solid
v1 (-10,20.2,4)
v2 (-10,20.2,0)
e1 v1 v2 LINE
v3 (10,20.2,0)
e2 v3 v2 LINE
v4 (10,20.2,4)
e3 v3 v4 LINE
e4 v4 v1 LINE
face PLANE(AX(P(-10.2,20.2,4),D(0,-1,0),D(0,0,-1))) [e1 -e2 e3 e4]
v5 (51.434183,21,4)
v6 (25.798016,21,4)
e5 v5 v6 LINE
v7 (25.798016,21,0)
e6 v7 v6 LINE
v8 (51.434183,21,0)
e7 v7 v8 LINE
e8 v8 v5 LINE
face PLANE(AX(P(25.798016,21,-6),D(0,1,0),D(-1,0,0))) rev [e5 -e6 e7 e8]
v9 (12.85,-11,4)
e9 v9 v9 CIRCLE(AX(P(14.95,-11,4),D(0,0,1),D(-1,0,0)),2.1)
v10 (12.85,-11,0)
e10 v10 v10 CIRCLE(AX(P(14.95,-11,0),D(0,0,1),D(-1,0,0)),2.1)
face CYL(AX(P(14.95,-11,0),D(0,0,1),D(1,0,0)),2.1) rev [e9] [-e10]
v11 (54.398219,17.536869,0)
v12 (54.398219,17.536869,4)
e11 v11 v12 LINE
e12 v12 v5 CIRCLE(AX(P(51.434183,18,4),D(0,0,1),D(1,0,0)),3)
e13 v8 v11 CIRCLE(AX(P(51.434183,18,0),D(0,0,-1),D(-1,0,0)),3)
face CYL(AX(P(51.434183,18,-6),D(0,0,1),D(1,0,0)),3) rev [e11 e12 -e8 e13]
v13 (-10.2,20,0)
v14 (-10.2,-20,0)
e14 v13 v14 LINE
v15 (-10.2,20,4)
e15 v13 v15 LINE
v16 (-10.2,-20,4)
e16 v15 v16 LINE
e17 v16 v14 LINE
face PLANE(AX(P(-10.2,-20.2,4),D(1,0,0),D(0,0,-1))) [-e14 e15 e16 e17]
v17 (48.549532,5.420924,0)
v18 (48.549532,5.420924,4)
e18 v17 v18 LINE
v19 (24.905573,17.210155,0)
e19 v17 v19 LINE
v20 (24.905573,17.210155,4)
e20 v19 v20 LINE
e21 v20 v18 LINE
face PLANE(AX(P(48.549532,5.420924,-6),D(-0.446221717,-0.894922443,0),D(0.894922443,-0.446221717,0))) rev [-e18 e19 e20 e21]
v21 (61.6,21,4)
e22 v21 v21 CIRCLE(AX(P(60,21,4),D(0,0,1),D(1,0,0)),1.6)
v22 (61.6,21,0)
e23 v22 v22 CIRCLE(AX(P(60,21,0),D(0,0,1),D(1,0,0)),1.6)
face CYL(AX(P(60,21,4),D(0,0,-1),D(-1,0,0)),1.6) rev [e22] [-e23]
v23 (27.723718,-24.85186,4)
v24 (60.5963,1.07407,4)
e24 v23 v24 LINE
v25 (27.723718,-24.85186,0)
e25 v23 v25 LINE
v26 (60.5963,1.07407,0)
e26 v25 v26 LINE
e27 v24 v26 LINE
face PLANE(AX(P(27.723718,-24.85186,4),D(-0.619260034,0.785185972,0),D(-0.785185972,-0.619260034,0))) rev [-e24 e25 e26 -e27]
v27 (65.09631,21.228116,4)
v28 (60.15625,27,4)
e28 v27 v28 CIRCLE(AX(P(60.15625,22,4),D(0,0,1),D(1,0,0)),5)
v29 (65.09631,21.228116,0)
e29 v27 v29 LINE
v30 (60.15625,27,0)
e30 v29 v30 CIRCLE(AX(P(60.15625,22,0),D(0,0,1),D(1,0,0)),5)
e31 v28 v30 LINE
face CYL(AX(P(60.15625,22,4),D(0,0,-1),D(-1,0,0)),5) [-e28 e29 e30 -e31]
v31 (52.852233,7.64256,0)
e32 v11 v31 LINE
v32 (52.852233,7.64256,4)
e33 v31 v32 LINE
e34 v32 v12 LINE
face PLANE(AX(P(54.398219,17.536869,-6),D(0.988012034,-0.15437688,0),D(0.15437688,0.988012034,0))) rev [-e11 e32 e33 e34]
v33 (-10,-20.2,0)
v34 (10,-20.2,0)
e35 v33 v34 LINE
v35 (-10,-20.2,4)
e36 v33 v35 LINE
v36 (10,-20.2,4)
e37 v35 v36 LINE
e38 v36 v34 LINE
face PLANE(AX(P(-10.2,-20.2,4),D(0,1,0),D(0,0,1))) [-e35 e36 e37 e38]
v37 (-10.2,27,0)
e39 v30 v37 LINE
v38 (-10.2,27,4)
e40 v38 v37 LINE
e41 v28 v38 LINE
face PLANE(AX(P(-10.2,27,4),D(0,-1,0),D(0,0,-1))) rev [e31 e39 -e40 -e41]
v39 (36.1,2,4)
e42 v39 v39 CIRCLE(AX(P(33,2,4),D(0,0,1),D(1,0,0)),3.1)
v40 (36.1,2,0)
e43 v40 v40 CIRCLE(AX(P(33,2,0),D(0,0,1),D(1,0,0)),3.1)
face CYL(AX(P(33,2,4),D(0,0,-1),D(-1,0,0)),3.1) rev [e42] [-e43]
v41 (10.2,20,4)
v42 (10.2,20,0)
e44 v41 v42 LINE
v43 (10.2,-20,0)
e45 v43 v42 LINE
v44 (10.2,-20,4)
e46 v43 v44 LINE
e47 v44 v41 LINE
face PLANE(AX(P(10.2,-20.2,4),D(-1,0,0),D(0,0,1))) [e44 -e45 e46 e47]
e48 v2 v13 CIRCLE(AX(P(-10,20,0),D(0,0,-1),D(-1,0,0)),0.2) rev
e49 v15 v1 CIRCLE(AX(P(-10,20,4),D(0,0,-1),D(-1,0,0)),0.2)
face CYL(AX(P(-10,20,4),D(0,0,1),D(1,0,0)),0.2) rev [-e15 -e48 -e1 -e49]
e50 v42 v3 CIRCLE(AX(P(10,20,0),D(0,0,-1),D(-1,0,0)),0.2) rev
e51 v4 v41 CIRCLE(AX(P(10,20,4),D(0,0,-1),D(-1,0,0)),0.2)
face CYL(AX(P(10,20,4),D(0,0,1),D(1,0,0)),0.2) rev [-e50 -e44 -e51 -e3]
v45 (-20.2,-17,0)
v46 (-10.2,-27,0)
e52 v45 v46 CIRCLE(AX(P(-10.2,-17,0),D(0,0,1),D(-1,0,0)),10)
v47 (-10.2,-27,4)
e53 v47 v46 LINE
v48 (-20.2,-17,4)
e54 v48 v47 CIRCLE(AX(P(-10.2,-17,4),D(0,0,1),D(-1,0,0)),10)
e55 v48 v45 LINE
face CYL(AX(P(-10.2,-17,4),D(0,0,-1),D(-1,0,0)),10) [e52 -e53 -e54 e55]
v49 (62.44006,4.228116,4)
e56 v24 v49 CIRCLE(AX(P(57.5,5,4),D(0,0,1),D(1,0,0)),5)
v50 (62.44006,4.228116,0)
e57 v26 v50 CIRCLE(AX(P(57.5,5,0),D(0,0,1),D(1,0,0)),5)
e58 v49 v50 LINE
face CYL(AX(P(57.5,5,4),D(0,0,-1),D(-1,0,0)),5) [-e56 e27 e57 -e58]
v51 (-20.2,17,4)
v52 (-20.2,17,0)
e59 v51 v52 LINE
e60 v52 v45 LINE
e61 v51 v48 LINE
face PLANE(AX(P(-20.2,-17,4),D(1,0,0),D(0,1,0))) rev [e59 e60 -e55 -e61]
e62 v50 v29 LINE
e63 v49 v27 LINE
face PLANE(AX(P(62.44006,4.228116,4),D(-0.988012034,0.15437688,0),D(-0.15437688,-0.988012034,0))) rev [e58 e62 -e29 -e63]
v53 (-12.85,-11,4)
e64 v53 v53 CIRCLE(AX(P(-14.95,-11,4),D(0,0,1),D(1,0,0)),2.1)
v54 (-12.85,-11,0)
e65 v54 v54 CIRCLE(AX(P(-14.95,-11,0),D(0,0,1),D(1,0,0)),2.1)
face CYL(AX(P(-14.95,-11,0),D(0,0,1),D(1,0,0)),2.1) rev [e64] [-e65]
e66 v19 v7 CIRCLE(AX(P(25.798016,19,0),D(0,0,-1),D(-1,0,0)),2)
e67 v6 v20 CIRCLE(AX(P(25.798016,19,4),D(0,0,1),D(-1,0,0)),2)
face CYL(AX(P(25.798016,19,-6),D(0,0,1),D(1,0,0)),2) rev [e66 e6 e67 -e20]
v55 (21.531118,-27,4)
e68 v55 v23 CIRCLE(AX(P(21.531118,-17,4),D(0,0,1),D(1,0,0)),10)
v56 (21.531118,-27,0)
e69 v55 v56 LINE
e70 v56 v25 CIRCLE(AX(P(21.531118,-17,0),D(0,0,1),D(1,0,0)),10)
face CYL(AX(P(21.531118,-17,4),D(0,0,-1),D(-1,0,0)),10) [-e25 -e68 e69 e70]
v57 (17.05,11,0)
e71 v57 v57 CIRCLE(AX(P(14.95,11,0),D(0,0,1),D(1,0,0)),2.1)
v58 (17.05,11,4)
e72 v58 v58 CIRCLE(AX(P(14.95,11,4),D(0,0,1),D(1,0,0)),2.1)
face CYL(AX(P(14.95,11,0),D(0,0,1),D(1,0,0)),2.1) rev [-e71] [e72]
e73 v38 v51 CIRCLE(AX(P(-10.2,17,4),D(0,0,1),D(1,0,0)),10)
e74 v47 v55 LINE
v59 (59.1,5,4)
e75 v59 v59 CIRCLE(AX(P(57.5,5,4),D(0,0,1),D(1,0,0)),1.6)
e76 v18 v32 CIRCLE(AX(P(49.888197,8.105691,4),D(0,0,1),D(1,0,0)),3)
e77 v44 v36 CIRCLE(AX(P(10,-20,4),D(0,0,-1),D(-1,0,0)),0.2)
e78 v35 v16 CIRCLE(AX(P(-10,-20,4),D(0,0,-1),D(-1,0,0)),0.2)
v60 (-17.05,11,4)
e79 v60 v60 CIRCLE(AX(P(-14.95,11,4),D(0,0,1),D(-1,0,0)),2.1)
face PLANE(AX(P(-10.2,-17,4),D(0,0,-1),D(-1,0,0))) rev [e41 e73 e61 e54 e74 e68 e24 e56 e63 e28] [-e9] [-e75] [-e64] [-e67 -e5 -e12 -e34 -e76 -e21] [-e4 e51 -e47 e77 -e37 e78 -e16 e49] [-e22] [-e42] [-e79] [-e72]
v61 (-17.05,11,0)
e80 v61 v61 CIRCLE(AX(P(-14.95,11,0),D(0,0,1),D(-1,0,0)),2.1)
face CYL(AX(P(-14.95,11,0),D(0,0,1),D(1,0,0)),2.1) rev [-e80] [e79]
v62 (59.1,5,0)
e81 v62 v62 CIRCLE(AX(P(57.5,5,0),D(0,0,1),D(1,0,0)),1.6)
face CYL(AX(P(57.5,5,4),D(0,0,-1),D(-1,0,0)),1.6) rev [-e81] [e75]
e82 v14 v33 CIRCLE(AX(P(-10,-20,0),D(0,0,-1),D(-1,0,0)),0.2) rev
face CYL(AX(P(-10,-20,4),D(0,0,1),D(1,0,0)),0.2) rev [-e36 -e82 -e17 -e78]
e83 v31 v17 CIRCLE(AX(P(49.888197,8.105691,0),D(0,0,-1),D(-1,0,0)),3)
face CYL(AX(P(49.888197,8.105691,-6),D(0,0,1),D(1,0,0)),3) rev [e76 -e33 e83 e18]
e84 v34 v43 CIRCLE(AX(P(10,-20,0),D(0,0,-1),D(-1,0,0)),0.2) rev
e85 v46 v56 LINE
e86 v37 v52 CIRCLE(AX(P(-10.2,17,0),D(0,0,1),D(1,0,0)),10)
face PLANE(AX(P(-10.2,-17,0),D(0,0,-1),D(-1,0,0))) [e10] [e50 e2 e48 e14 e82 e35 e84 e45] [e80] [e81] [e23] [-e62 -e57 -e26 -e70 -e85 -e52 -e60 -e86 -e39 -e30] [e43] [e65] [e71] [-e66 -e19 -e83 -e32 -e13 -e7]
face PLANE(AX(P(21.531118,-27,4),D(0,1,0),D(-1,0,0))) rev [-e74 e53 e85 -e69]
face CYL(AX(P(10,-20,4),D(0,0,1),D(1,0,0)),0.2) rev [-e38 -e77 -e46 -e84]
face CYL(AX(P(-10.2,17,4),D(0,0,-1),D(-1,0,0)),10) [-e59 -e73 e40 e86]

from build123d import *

# Parameters (mm, degrees)
SKETCH_1_R          = 3.1
SKETCH_1_R_2        = 1.6
SKETCH_1_W          = 20.4
SKETCH_1_H          = 40.4
EXTRUDE_1_DEPTH     = 4
FILLET_1_R          = 0.2
SKETCH_2_R          = 2.1
CUT_EXTRUDE_1_DEPTH = 4
CUT_EXTRUDE_2_DEPTH = 10


with BuildPart() as part:
    # 草图1 → 凸台-拉伸1 (new body)
    with BuildSketch(Plane.XY):
        with BuildLine():
            Line((-10.2, 27), (60.15625, 27))
            ThreePointArc((60.15625, 27), (63.954895943, 25.251198086), (65.096310169, 21.228115599))
            Line((65.096310169, 21.228115599), (62.440060169, 4.228115599))
            ThreePointArc((62.440060169, 4.228115599), (61.816569536, 2.476663431), (60.596300169, 1.074070141))
            Line((60.596300169, 1.074070141), (27.72371786, -24.851859719))
            ThreePointArc((27.72371786, -24.851859719), (24.808418455, -26.447713935), (21.531117522, -27))
            Line((21.531117522, -27), (-10.2, -27))
            ThreePointArc((-10.2, -27), (-17.271067812, -24.071067812), (-20.2, -17))
            Line((-20.2, -17), (-20.2, 17))
            ThreePointArc((-20.2, 17), (-17.271067812, 24.071067812), (-10.2, 27))
        make_face()
        with Locations((33, 2)):
            Circle(SKETCH_1_R, mode=Mode.SUBTRACT)
        with Locations((60, 21)):
            Circle(SKETCH_1_R_2, mode=Mode.SUBTRACT)
        with Locations((57.5, 5)):
            Circle(SKETCH_1_R_2, mode=Mode.SUBTRACT)
        Rectangle(SKETCH_1_W, SKETCH_1_H, mode=Mode.SUBTRACT)
    extrude(amount=EXTRUDE_1_DEPTH)

    # 圆角1
    fillet_1_edges = [part.edges().sort_by_distance(p)[0] for p in [
        (-10.2, 20.2, 2),
        (-10.2, -20.2, 2),
        (10.2, -20.2, 2),
        (10.2, 20.2, 2),
    ]]
    fillet(fillet_1_edges, radius=FILLET_1_R)

    # 草图2 → 切除-拉伸1 (cut)
    with BuildSketch(Plane.XY.offset(4)):
        with Locations((14.95, 11)):
            Circle(SKETCH_2_R)
        with Locations(Location((14.95, -11, 0), (0, 0, 180))):
            Circle(SKETCH_2_R)
        with Locations((-14.95, -11)):
            Circle(SKETCH_2_R)
        with Locations(Location((-14.95, 11, 0), (0, 0, 180))):
            Circle(SKETCH_2_R)
    extrude(amount=-CUT_EXTRUDE_1_DEPTH, mode=Mode.SUBTRACT)

    # 草图3 → 切除-拉伸2 (cut)
    with BuildSketch(Plane.XY.offset(4)):
        with BuildLine():
            Line((25.798016292, 21), (51.43418263, 21))
            ThreePointArc((51.43418263, 21), (53.713370196, 19.950718852), (54.398218731, 17.536869359))
            Line((54.398218731, 17.536869359), (52.852232934, 7.642560256))
            ThreePointArc((52.852232934, 7.642560256), (51.264559821, 5.440053089), (48.549531682, 5.420923567))
            Line((48.549531682, 5.420923567), (24.905572858, 17.210155114))
            ThreePointArc((24.905572858, 17.210155114), (23.851263897, 19.458426781), (25.798016292, 21))
        make_face()
    extrude(amount=-CUT_EXTRUDE_2_DEPTH, mode=Mode.SUBTRACT)


solid = part.part
